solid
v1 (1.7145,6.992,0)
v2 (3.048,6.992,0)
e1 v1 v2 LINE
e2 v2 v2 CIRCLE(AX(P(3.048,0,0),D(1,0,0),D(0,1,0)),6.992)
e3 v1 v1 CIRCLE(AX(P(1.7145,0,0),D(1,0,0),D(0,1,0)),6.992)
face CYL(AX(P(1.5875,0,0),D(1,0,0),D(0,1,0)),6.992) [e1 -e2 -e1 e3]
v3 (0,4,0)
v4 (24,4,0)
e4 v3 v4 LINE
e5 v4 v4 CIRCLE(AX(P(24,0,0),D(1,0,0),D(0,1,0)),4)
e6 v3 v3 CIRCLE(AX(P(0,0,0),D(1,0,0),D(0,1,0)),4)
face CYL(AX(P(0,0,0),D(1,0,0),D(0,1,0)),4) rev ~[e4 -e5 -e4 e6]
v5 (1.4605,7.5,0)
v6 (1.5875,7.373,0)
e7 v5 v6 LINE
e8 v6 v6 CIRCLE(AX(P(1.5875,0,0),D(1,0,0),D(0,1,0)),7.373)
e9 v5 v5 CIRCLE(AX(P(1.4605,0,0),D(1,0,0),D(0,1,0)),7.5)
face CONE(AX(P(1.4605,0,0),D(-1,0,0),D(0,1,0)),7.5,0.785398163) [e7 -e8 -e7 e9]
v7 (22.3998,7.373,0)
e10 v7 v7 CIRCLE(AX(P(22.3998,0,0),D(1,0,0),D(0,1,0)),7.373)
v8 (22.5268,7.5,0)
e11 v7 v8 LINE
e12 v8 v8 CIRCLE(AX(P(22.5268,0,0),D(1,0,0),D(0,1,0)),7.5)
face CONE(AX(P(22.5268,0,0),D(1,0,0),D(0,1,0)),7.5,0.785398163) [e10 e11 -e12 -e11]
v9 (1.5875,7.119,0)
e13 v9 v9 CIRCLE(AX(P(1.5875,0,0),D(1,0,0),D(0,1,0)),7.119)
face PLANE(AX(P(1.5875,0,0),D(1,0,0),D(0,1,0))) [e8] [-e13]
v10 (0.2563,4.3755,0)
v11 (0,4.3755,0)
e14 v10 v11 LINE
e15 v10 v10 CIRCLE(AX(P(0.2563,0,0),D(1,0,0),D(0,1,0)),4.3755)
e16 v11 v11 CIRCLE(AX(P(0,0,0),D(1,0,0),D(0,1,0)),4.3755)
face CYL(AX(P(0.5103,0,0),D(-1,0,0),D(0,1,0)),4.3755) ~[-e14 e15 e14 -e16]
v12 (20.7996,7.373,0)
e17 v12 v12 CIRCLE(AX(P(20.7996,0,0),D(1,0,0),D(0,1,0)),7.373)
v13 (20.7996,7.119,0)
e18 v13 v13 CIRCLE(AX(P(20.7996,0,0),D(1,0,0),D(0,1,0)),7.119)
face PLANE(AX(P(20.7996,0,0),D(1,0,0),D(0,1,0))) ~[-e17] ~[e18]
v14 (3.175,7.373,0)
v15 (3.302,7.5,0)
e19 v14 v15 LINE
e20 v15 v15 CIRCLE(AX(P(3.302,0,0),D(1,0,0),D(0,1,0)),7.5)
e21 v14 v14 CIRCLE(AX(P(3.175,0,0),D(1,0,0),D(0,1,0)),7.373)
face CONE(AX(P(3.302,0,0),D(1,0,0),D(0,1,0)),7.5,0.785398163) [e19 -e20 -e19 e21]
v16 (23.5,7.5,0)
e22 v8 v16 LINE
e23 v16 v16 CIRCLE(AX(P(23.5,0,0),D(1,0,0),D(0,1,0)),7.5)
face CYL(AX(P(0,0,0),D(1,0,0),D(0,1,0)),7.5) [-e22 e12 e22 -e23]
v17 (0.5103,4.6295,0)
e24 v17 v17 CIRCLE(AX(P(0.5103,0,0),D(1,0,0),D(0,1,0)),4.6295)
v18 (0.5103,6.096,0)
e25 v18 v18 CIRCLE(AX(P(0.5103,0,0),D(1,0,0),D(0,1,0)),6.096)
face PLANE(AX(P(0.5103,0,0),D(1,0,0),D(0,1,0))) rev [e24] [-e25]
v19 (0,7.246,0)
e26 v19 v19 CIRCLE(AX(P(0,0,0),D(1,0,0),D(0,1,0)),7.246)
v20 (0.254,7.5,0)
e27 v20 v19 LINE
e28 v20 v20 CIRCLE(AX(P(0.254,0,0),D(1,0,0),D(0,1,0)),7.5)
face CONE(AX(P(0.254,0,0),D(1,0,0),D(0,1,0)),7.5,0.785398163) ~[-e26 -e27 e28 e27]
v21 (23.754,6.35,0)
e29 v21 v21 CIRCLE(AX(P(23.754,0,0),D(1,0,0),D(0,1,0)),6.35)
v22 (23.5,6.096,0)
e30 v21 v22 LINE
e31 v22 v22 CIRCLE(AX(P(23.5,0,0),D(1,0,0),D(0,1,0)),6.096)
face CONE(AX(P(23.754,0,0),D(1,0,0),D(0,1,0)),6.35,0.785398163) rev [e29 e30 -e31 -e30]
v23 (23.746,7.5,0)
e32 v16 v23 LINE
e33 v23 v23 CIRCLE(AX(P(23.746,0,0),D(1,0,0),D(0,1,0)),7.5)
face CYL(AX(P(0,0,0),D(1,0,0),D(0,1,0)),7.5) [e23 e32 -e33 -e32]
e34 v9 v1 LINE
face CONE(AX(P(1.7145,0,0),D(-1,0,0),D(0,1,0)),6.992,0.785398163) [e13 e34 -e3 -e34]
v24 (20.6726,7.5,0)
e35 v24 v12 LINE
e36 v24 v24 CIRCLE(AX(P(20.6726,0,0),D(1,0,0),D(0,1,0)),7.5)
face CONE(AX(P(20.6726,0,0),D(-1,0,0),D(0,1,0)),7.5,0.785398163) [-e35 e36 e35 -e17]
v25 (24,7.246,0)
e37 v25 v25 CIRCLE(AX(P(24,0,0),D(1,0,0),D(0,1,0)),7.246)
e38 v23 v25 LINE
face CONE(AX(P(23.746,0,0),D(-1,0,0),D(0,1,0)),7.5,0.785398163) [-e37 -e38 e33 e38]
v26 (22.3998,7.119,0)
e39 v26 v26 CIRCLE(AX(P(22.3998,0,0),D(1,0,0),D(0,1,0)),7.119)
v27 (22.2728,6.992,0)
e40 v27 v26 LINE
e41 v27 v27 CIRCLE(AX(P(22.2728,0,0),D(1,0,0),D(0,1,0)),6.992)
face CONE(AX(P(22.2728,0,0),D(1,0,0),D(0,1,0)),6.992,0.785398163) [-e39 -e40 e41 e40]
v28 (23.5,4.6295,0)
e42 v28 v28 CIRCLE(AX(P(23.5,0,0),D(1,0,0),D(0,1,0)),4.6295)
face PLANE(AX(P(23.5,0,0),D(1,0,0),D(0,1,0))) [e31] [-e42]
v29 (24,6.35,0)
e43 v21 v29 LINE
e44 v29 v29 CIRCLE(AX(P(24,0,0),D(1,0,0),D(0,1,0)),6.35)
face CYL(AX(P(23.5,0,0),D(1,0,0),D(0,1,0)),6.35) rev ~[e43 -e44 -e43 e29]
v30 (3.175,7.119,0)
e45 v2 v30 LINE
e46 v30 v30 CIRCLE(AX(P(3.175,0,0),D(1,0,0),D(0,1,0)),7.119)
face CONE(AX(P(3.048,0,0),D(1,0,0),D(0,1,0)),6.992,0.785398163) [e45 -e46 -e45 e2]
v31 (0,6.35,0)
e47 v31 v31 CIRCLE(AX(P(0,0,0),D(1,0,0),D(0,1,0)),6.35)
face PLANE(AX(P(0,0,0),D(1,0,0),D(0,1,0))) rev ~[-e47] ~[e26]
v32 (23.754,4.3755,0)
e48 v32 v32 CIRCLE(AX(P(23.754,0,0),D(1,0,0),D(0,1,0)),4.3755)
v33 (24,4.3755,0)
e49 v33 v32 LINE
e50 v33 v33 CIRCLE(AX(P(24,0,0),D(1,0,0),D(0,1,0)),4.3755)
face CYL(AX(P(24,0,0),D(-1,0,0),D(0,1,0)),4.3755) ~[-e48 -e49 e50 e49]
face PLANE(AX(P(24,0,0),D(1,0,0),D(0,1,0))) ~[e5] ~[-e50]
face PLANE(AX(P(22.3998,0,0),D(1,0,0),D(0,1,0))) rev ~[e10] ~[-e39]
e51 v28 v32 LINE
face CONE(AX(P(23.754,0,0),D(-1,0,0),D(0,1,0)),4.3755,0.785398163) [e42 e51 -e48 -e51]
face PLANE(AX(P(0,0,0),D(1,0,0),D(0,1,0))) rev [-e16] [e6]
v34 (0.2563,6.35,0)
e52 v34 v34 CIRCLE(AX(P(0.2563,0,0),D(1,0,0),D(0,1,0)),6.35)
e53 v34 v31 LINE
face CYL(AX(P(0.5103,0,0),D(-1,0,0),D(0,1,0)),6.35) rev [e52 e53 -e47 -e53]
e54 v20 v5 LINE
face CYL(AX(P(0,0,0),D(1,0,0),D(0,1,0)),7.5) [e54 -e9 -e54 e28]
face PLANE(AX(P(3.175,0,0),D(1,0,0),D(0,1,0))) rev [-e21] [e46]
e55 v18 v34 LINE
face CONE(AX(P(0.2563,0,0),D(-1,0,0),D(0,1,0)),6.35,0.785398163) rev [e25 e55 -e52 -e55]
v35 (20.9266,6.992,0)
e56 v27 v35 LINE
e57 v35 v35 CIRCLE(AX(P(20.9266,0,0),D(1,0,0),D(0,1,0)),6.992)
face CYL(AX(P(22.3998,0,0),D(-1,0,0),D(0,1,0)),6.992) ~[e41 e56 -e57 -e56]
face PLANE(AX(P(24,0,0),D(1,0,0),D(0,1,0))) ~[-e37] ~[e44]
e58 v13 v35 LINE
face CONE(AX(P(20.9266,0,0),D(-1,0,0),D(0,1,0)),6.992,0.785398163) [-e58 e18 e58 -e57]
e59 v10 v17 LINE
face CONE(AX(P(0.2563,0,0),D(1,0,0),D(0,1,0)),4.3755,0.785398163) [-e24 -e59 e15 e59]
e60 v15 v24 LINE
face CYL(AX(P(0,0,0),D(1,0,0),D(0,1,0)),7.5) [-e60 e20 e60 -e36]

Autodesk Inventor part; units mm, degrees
ref_plane "YZ Plane" through (0, 0, 0) normal (1, 0, 0) x (0, 1, 0)
ref_plane "XZ Plane" through (0, 0, 0) normal (0, 1, 0) x (-1, 0, 0)
ref_plane "XY Plane" through (0, 0, 0) normal (0, 0, 1) x (1, 0, 0)
sketch "Sketch1" plane through (0, 0, 0) normal (0, 0, 1) x (1, 0, 0)
  line L0 (0, 0) -> (23.5, 0)
  line L1 (0, 0) -> (0, 4) construction
  line L2 (0, 4) -> (23.5, 4) construction
  line L3 (0, 0) -> (0, 7.5) construction
  line L4 (0, 7.5) -> (23.5, 7.5) construction
  line L5 (23.5, 7.5) -> (23.5, 0) construction
  line L6 (0, 7.5) -> (23.5, 7.5)
  line L7 (1.5875, 7.5) -> (1.5875, 6.992)
  line L8 (1.5875, 6.992) -> (3.175, 6.992)
  line L9 (3.175, 6.992) -> (3.175, 7.5)
  line L10 (0, 7.5) -> (24, 7.5)
  line L11 (0, 4) -> (24, 4)
  line L12 (24, 4) -> (24, 4.3755)
  line L13 (24, 4.3755) -> (23.5, 4.3755)
  line L14 (23.5, 6.35) -> (24, 6.35)
  line L15 (24, 6.35) -> (24, 7.5)
  line L16 (0, 7.5) -> (0, 6.35)
  line L17 (0, 4) -> (0, 4.3755)
  line L18 (0.5103, 4.3755) -> (0, 4.3755)
  line L19 (0.5103, 4.3755) -> (0.5103, 6.35)
  line L20 (0.5103, 6.35) -> (0, 6.35)
  line L21 (24, 7.5) -> (22.3998, 7.5)
  line L22 (22.3998, 7.5) -> (22.3998, 6.992)
  line L23 (22.3998, 6.992) -> (20.7996, 6.992)
  line L24 (20.7996, 6.992) -> (20.7996, 7.5)
  line L25 (0, 7.5) -> (0, 6.35)
  line L26 (0, 6.35) -> (0.5103, 6.35)
  line L27 (0.5103, 6.35) -> (0.5103, 4.3755)
  line L28 (0, 4) -> (24, 4)
  line L29 (23.5, 6.35) -> (23.5, 4.3755)
  line L30 (22.3998, 7.5) -> (24, 7.5)
  line L31 (24, 7.5) -> (24, 6.35)
  line L32 (22.3998, 7.5) -> (22.3998, 6.992)
  line L33 (22.3998, 6.992) -> (20.7996, 6.992)
  line L34 (20.7996, 6.992) -> (20.7996, 7.5)
  dimension "d0" = 23.5
  dimension "d1" = 4
  dimension "d2" = 7.5
  dimension "d3" = 0.508
  dimension "d4" = 24
  dimension "d5" = 24
  dimension "d6" = 1.6002
  dimension "d7" = 1.6002
revolve "Revolution1" add sketch "Sketch1" angle 360 about axis through (0, 0, 0) along (1, 0, 0) contours L6 L7 L8 L9 L24 L23 L22 L10 L15 L14 L29 L13 L12 L11 L17 L18 L19 L20 L16
chamfer "Chamfer1" distance 0.254 angle 45 6 edges at (24, -7.5, 0) (0, -7.5, 0) (23.5, -4.3755, 0) (23.5, -6.35, 0) (0.5103, -6.35, 0) (0.5103, -4.3755, 0)
chamfer "Chamfer2" distance 0.127 angle 45 8 edges at (3.175, -7.5, 0) (3.175, -6.992, 0) (22.3998, -7.5, 0) (22.3998, -6.992, 0) (1.5875, -6.992, 0) (20.7996, -6.992, 0) (20.7996, -7.5, 0) (1.5875, -7.5, 0)
properties part number "LM8UU 8mm Linear Bearing"
